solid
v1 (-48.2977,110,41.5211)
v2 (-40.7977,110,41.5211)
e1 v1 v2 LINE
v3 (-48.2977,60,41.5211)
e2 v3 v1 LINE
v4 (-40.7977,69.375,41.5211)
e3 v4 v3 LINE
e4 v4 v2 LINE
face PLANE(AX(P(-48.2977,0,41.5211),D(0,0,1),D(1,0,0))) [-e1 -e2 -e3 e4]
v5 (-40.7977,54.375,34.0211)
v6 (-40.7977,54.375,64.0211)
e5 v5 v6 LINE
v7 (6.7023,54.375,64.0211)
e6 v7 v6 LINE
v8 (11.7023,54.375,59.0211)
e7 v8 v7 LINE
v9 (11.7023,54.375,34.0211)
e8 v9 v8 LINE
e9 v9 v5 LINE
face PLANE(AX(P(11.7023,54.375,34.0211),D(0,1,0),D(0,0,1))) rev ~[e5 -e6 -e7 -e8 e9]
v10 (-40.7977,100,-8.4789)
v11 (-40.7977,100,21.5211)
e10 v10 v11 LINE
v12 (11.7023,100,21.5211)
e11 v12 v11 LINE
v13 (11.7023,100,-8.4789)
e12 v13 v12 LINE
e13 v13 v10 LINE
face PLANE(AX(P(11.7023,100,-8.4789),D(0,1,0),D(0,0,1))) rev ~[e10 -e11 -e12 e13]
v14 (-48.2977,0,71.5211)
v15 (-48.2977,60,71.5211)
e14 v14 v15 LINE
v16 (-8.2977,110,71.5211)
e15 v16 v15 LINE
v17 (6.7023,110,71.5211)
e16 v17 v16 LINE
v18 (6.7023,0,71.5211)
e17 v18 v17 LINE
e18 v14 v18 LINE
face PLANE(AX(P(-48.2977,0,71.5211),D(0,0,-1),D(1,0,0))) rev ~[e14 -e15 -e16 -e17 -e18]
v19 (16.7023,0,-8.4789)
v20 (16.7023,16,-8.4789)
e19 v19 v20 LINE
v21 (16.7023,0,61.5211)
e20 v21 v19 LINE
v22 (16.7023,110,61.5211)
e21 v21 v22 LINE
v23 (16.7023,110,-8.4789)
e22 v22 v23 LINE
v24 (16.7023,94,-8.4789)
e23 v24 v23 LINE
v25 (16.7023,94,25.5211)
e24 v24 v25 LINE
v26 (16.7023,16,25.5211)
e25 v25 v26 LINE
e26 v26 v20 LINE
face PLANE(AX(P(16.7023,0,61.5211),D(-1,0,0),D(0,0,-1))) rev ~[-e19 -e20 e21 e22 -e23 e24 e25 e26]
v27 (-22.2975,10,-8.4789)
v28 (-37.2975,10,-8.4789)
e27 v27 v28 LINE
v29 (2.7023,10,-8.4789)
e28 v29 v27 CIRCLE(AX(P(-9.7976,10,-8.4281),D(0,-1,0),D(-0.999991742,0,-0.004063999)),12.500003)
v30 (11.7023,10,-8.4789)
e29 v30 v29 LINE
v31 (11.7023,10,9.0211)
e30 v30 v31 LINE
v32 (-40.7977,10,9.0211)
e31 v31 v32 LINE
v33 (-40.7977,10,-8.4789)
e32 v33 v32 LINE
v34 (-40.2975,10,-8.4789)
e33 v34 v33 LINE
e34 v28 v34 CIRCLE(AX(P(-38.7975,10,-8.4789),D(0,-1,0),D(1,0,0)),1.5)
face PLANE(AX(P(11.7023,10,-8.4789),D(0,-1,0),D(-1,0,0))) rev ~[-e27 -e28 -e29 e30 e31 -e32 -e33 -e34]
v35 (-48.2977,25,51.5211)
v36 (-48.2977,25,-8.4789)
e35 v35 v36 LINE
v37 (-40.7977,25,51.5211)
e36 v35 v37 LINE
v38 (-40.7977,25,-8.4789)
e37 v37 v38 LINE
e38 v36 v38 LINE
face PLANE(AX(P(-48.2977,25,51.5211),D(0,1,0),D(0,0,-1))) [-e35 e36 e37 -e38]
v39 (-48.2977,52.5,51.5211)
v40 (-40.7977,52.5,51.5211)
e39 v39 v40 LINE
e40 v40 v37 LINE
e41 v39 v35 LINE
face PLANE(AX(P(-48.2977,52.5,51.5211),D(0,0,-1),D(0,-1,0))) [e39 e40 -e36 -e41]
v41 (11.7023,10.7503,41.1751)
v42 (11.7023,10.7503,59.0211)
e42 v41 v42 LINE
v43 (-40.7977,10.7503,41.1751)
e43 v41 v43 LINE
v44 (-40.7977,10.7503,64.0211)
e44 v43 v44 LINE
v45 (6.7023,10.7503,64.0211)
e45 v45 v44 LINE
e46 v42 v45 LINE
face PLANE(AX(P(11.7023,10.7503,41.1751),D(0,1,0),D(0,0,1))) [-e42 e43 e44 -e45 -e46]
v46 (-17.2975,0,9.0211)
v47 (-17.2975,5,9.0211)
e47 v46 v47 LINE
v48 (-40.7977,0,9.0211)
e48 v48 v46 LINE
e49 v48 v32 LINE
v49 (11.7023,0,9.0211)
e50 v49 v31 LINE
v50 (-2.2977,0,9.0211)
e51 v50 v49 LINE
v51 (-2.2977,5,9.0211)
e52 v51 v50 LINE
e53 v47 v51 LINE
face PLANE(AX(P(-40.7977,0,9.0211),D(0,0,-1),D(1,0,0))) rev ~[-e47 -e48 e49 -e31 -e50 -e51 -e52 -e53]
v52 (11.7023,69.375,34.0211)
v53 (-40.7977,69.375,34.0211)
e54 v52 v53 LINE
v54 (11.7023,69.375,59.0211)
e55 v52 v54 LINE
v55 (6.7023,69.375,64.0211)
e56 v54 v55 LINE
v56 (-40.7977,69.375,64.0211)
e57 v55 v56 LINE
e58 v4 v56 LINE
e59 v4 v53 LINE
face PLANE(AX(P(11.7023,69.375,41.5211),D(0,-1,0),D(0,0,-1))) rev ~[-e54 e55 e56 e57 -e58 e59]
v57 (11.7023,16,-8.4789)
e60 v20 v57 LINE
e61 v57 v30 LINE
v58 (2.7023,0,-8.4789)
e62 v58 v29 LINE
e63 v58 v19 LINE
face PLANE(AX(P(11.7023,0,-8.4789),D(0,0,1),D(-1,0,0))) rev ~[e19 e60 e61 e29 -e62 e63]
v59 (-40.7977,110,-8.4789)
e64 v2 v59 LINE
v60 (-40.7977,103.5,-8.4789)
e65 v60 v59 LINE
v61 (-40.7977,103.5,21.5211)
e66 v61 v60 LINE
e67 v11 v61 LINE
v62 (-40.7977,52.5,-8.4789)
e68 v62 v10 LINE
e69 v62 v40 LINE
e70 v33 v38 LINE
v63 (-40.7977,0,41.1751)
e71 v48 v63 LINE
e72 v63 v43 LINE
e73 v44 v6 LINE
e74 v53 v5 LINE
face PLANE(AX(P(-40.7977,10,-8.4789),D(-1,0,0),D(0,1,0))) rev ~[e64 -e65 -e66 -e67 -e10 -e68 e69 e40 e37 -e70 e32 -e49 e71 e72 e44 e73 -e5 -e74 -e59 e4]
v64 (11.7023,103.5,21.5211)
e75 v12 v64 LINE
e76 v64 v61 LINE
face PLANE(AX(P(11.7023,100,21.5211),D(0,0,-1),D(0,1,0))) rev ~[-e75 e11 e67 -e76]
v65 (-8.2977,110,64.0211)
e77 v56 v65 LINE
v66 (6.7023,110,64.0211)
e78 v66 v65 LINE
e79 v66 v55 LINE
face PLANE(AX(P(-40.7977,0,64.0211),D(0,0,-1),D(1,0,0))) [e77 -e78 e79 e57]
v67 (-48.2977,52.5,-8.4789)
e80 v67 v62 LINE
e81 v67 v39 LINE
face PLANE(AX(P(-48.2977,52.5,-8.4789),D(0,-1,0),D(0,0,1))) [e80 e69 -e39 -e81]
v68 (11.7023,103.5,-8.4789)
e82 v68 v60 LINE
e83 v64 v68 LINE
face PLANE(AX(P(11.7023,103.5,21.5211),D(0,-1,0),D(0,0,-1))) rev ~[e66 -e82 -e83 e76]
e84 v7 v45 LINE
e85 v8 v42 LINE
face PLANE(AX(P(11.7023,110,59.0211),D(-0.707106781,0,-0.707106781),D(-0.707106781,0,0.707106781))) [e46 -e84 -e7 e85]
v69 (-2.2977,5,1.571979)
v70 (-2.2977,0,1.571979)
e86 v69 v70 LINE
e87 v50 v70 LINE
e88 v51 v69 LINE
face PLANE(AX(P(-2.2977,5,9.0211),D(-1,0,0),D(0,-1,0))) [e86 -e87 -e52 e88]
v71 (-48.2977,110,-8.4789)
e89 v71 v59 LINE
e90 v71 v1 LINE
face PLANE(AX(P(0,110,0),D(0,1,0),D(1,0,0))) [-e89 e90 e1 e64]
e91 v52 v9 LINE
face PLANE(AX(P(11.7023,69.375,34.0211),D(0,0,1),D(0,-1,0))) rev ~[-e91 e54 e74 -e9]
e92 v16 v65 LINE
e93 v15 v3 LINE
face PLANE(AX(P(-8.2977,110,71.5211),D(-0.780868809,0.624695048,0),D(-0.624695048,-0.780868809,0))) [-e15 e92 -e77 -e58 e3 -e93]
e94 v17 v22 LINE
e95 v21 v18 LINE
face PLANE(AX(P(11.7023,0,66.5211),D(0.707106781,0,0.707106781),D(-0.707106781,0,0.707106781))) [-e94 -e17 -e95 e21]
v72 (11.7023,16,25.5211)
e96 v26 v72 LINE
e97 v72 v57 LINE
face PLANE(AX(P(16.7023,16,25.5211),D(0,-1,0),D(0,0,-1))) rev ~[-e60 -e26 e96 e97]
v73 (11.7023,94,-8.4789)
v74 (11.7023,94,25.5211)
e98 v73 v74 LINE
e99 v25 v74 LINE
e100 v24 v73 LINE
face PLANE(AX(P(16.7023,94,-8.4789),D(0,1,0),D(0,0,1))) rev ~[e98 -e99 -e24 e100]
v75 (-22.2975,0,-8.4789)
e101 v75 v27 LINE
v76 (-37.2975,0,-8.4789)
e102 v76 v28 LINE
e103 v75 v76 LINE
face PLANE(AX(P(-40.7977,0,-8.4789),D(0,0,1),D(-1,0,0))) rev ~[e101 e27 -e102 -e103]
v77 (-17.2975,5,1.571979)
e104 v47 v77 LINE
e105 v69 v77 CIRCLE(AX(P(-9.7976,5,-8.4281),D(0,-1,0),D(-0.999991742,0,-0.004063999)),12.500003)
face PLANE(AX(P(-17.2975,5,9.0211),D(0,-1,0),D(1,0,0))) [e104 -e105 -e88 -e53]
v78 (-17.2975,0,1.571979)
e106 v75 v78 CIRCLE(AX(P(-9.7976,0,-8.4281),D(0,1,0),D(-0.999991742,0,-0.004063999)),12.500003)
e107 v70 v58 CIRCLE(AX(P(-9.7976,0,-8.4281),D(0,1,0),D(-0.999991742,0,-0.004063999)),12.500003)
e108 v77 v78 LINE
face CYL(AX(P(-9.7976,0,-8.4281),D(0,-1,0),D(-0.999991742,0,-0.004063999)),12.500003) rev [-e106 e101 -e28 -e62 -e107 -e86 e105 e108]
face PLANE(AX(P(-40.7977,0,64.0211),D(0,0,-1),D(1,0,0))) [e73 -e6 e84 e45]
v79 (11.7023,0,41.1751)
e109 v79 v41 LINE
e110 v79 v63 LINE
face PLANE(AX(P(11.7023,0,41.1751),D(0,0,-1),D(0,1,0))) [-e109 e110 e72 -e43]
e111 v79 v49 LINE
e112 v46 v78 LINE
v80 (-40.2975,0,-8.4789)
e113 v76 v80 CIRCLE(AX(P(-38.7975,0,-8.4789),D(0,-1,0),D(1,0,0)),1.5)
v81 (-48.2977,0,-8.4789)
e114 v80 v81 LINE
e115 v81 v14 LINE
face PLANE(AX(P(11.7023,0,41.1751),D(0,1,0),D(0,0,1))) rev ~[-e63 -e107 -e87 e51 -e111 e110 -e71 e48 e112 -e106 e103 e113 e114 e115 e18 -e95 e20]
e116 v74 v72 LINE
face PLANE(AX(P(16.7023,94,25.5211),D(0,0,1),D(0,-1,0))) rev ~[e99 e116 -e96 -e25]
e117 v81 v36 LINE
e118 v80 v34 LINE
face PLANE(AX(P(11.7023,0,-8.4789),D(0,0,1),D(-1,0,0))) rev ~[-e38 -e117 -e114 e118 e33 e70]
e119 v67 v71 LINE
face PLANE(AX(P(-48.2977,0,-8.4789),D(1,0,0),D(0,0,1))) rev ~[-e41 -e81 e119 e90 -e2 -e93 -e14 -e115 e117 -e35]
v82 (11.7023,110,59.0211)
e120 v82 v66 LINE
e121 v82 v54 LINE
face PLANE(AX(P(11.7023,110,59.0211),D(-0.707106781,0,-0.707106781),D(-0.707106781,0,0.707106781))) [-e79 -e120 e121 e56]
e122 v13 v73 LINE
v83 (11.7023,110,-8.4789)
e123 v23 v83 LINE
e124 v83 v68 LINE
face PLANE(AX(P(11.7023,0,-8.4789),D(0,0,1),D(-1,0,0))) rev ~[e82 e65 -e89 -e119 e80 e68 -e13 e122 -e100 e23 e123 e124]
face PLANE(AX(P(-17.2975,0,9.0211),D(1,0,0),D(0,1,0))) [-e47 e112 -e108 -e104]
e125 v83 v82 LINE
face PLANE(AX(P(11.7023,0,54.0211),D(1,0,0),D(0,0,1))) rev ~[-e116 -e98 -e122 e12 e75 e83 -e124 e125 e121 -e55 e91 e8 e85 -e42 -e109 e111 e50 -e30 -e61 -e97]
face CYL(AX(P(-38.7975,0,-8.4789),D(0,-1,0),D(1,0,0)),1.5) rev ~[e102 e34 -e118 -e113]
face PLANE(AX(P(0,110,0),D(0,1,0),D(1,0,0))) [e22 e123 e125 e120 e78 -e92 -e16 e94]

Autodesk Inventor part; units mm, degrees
ref_plane "YZ Plane" through (0, 0, 0) normal (1, 0, 0) x (0, 1, 0)
ref_plane "XZ Plane" through (0, 0, 0) normal (0, 1, 0) x (-1, 0, 0)
ref_plane "XY Plane" through (0, 0, 0) normal (0, 0, 1) x (1, 0, 0)
sketch "Sketch1" plane through (0, 0, 0) normal (0, 1, 0) x (-1, 0, 0)
  line L0 (48.2977, 71.5211) -> (-16.7023, 71.5211)
  line L1 (-16.7023, 71.5211) -> (-16.7023, -8.4789)
  line L2 (-16.7023, -8.4789) -> (48.2977, -8.4789)
  line L3 (48.2977, -8.4789) -> (48.2977, 71.5211)
  arc A0 (22.2975, -8.4789) -> (-2.7023, -8.4789) centre (9.7976, -8.4281) ccw
  line L4 (-16.7023, -8.4789) -> (-11.7023, -8.4789)
  line L5 (-11.7023, -8.4789) -> (-11.7023, 71.5211)
  line L6 (-11.7023, 71.5211) -> (-16.7023, 71.5211)
  line L7 (-16.7023, 71.5211) -> (-16.7023, -8.4789)
  line L8 (48.2977, -8.4789) -> (40.7977, -8.4789)
  line L9 (40.7977, -8.4789) -> (40.7977, 71.5211)
  line L10 (40.7977, 71.5211) -> (48.2977, 71.5211)
  line L11 (48.2977, 71.5211) -> (48.2977, -8.4789)
  line L12 (-11.7023, -8.4789) -> (40.7977, -8.4789)
  line L13 (40.7977, -8.4789) -> (40.7977, 9.0211)
  line L14 (40.7977, 9.0211) -> (-11.7023, 9.0211)
  line L15 (-11.7023, 9.0211) -> (-11.7023, -8.4789)
  line L16 (-11.7023, 71.5211) -> (40.7977, 71.5211)
  line L17 (40.7977, 71.5211) -> (40.7977, 64.0211)
  line L18 (40.7977, 64.0211) -> (-11.7023, 64.0211)
  line L19 (-11.7023, 64.0211) -> (-11.7023, 71.5211)
  line L20 (-16.7023, 61.5211) -> (-6.7023, 71.5211)
  line L21 (-16.7023, 61.5211) -> (-16.7023, 71.5211)
  line L22 (-6.7023, 71.5211) -> (-11.7023, 66.5211)
  line L23 (-11.7023, 64.0211) -> (-11.7023, 66.5211)
  line L24 (-6.7023, 71.5211) -> (40.7977, 71.5211)
  line L25 (40.7977, 64.0211) -> (-11.7023, 64.0211)
  line L26 (-11.7023, 66.5211) -> (-11.7023, 64.0211)
  line L27 (-11.7023, 66.5211) -> (-6.7023, 71.5211)
  line L28 (-11.7023, 54.0211) -> (-1.7023, 64.0211)
  point P0 (0, 0)
  dimension "d0" = 80
  dimension "d1" = 65
  dimension "d3" = 14
  dimension "d4" = 12.5
  dimension "d5" = 7.5
  dimension "d6" = 5
  dimension "d7" = 17.5
  dimension "d8" = 7.5
  dimension "d9" = 10
  dimension "d10" = 10
  dimension "d48" = 10
  dimension "d49" = 10
extrude "Extrusion1" add sketch "Sketch1" along normal blind 110 contours L3 L2 L9 L0 | L9 L18 L5 L20 L0 | L2 A0 L5 L14 L9 | L5 L2 L1 L20
sketch "Sketch2" plane through (-22.2975, 0, -8.4789) normal (0, 0, -1) x (-1, 0, 0)
  line L0 (18.5002, 0) -> (18.5002, 110) projected
  line L1 (18.5002, 110) -> (-33.9998, 110)
  line L2 (-33.9998, 110) -> (-33.9998, 10)
  line L3 (-33.9998, 10) -> (18.5002, 10)
  line L4 (18.5002, 10) -> (18.5002, 110)
  point P0 (-22.2975, 0)
  dimension "d13" = 100
  dimension "d14" = 52.5
extrude "Extrusion2" cut sketch "Sketch2" against normal blind 30
sketch "Sketch3" plane through (-40.7977, 0, 9.0211) normal (0, 0, 1) x (1, 0, 0)
  line L0 (52.5, 10) -> (0, 10) projected
  line L1 (26.0002, 10) -> (36, 10)
  line L2 (18.5002, 10) -> (18.5002, 0) projected
  line L3 (43.5, 0) -> (43.5, 10) projected
  line L4 (0, 0) -> (52.5, 0) projected
  line L5 (38.5, 0) -> (23.5002, 0)
  line L6 (23.5002, 0) -> (23.5002, 5)
  line L7 (23.5002, 5) -> (38.5, 5)
  line L8 (38.5, 5) -> (38.5, 0)
  point P0 (40.7977, 0)
  dimension "d43" = 5
  dimension "d44" = 5
  dimension "d45" = 5
sketch "Sketch4" plane through (16.7023, 0, 61.5211) normal (1, 0, 0) x (0, 0, -1)
  line L0 (70, 110) -> (70, 10) projected
  line L1 (70, 94) -> (36, 94)
  line L2 (36, 94) -> (36, 16)
  line L3 (36, 16) -> (70, 16)
  line L4 (70, 16) -> (70, 94)
  line L5 (0, 0) -> (70, 0) projected
  line L6 (0, 110) -> (70, 110) projected
  point P0 (61.5211, 0)
  dimension "d22" = 34
  dimension "d23" = 16
  dimension "d24" = 16
  dimension "d25" = 78
extrude "Extrusion4" cut sketch "Sketch4" against normal blind 30
sketch "Sketch5" plane through (0, 0, 0) normal (0, -1, 0) x (1, 0, 0)
  line L0 (-40.7977, -8.4789) -> (-22.2975, -8.4789) projected
  arc A0 (-40.2975, -8.4789) -> (-37.2975, -8.4789) centre (-38.7975, -8.4789) ccw
  arc A1 (-37.2975, -8.4789) -> (-40.2975, -8.4789) centre (-38.7975, -8.4789) ccw
  point P0 (0, 0)
  dimension "d28" = 18
  dimension "d29" = 1.5
  dimension "d30" = 0
  dimension "d31" = 1.5
extrude "Extrusion5" cut sketch "Sketch5" against normal blind 30 contours A1 L0
sketch "Sketch7" plane through (-48.2977, 0, 71.5211) normal (0, 0, 1) x (1, 0, 0)
  line L0 (0, 110) -> (55, 110) projected
  line L1 (0, 110) -> (40, 110)
  line L2 (40, 110) -> (0, 60)
  line L3 (0, 60) -> (0, 110)
  line L4 (65, 110) -> (65, 0) projected
  point P0 (48.2977, 0)
  dimension "d39" = 40
  dimension "d40" = 25
  dimension "d41" = 50
extrude "Extrusion6" cut sketch "Sketch3" against normal blind 30 contours L4 L6 L7 L8
sketch "Sketch8" plane through (0, 110, 0) normal (0, 1, 0) x (1, 0, 0)
  line L0 (11.7023, 8.4789) -> (11.7023, -64.0211) projected
  line L1 (11.7023, -59.0211) -> (6.7023, -64.0211)
  line L2 (6.7023, -64.0211) -> (11.7023, -64.0211)
  line L3 (11.7023, -64.0211) -> (11.7023, -59.0211)
  point P0 (0, 0)
  dimension "d50" = 5
  dimension "d51" = 5
extrude "Extrusion7" add sketch "Sketch8" against normal up to surface (110 mm away)
extrude "Extrusion8" cut sketch "Sketch7" against normal blind 30
sketch "Sketch9" plane through (11.7023, 0, 9.0211) normal (-1, 0, 0) x (0, 0, 1)
  line L0 (32.5, 69.375) -> (55, 69.375) projected
  line L1 (50, 0) -> (50, 110) projected
  line L2 (50, 69.375) -> (25, 69.375)
  line L3 (25, 69.375) -> (25, 54.375)
  line L4 (25, 54.375) -> (50, 54.375)
  line L5 (50, 54.375) -> (50, 69.375)
  point P0 (-9.0211, 0)
  dimension "d56" = 15
  dimension "d57" = 25
sketch "Sketch11" plane through (11.7023, 0, 9.0211) normal (-1, 0, 0) x (0, 0, 1)
  line L0 (-17.5, 94) -> (-17.5, 110) projected
  line L1 (-17.5, 100) -> (12.5, 100)
  line L2 (12.5, 100) -> (12.5, 103.5)
  line L3 (12.5, 103.5) -> (-17.5, 103.5)
  line L4 (-17.5, 103.5) -> (-17.5, 100)
  line L5 (-17.5, 110) -> (50, 110) projected
  point P0 (-9.0211, 0)
  dimension "d62" = 3.5
  dimension "d63" = 30
  dimension "d64" = 10
extrude "Extrusion11" add sketch "Sketch11" along normal up to next
sketch "Sketch12" plane through (-48.2977, 0, -8.4789) normal (-1, 0, 0) x (0, 0, 1)
  line L0 (0, 100) -> (0, 10) projected
  line L1 (0, 52.5) -> (60, 52.5)
  line L2 (60, 52.5) -> (60, 25)
  line L3 (60, 25) -> (0, 25)
  line L4 (0, 25) -> (0, 52.5)
  line L5 (80, 0) -> (80, 60) projected
  line L6 (80, 60) -> (50, 60) projected
  point P0 (8.4789, 0)
  dimension "d67" = 27.5
  dimension "d68" = 60
  dimension "d69" = 20
  dimension "d70" = 7.5
extrude "Extrusion12" cut sketch "Sketch12" against normal up to surface (60 mm away)
sketch "Sketch13" plane through (11.7023, 0, 9.0211) normal (-1, 0, 0) x (0, 0, 1)
  line L0 (0, 0) -> (50, 0) projected
  line L1 (50, 0) -> (32.154, 0)
  line L2 (32.154, 0) -> (32.154, 10.7503)
  line L3 (32.154, 10.7503) -> (50, 10.7503)
  line L4 (50, 10.7503) -> (50, 0)
  point P0 (-9.0211, 0)
sketch "Sketch14" plane through (6.7023, 0, 64.0211) normal (0, 0, -1) x (-1, 0, 0)
  point P0 (6.7023, 0)
extrude "Extrusion13" add sketch "Sketch9" along normal up to next
extrude "Extrusion14" add sketch "Sketch13" along normal up to next
sketch "Sketch15" plane through (-40.7977, 0, 59.0211) normal (0, 0, 1) x (1, 0, 0)
  line L0 (0, 0) -> (0, 10.7503) projected
  line L1 (52.5, 0) -> (0, 0) projected
  line L2 (52.5, 0) -> (52.5, 10.7503) projected
  line L3 (52.5, 10.7503) -> (0, 10.7503) projected
  line L4 (52.5, 0) -> (52.5, 10.7503) projected
  line L5 (52.5, 0) -> (0, 0) projected
  line L6 (0, 54.375) -> (0, 69.375) projected
  line L7 (52.5, 54.375) -> (0, 54.375) projected
  line L8 (52.5, 54.375) -> (52.5, 69.375) projected
  line L9 (52.5, 69.375) -> (0, 69.375) projected
  point P0 (40.7977, 0)
extrude "Extrusion15" add sketch "Sketch15" along normal blind 5.5
equation "\"d8\" = d5"
equation "\"d49\" = d48"
equation "\"d44\" = d43"
equation "\"d24\" = d23"
equation "\"d31\" = d29"
equation "\"d50\" = d51"
properties part number "Basev3.3"
